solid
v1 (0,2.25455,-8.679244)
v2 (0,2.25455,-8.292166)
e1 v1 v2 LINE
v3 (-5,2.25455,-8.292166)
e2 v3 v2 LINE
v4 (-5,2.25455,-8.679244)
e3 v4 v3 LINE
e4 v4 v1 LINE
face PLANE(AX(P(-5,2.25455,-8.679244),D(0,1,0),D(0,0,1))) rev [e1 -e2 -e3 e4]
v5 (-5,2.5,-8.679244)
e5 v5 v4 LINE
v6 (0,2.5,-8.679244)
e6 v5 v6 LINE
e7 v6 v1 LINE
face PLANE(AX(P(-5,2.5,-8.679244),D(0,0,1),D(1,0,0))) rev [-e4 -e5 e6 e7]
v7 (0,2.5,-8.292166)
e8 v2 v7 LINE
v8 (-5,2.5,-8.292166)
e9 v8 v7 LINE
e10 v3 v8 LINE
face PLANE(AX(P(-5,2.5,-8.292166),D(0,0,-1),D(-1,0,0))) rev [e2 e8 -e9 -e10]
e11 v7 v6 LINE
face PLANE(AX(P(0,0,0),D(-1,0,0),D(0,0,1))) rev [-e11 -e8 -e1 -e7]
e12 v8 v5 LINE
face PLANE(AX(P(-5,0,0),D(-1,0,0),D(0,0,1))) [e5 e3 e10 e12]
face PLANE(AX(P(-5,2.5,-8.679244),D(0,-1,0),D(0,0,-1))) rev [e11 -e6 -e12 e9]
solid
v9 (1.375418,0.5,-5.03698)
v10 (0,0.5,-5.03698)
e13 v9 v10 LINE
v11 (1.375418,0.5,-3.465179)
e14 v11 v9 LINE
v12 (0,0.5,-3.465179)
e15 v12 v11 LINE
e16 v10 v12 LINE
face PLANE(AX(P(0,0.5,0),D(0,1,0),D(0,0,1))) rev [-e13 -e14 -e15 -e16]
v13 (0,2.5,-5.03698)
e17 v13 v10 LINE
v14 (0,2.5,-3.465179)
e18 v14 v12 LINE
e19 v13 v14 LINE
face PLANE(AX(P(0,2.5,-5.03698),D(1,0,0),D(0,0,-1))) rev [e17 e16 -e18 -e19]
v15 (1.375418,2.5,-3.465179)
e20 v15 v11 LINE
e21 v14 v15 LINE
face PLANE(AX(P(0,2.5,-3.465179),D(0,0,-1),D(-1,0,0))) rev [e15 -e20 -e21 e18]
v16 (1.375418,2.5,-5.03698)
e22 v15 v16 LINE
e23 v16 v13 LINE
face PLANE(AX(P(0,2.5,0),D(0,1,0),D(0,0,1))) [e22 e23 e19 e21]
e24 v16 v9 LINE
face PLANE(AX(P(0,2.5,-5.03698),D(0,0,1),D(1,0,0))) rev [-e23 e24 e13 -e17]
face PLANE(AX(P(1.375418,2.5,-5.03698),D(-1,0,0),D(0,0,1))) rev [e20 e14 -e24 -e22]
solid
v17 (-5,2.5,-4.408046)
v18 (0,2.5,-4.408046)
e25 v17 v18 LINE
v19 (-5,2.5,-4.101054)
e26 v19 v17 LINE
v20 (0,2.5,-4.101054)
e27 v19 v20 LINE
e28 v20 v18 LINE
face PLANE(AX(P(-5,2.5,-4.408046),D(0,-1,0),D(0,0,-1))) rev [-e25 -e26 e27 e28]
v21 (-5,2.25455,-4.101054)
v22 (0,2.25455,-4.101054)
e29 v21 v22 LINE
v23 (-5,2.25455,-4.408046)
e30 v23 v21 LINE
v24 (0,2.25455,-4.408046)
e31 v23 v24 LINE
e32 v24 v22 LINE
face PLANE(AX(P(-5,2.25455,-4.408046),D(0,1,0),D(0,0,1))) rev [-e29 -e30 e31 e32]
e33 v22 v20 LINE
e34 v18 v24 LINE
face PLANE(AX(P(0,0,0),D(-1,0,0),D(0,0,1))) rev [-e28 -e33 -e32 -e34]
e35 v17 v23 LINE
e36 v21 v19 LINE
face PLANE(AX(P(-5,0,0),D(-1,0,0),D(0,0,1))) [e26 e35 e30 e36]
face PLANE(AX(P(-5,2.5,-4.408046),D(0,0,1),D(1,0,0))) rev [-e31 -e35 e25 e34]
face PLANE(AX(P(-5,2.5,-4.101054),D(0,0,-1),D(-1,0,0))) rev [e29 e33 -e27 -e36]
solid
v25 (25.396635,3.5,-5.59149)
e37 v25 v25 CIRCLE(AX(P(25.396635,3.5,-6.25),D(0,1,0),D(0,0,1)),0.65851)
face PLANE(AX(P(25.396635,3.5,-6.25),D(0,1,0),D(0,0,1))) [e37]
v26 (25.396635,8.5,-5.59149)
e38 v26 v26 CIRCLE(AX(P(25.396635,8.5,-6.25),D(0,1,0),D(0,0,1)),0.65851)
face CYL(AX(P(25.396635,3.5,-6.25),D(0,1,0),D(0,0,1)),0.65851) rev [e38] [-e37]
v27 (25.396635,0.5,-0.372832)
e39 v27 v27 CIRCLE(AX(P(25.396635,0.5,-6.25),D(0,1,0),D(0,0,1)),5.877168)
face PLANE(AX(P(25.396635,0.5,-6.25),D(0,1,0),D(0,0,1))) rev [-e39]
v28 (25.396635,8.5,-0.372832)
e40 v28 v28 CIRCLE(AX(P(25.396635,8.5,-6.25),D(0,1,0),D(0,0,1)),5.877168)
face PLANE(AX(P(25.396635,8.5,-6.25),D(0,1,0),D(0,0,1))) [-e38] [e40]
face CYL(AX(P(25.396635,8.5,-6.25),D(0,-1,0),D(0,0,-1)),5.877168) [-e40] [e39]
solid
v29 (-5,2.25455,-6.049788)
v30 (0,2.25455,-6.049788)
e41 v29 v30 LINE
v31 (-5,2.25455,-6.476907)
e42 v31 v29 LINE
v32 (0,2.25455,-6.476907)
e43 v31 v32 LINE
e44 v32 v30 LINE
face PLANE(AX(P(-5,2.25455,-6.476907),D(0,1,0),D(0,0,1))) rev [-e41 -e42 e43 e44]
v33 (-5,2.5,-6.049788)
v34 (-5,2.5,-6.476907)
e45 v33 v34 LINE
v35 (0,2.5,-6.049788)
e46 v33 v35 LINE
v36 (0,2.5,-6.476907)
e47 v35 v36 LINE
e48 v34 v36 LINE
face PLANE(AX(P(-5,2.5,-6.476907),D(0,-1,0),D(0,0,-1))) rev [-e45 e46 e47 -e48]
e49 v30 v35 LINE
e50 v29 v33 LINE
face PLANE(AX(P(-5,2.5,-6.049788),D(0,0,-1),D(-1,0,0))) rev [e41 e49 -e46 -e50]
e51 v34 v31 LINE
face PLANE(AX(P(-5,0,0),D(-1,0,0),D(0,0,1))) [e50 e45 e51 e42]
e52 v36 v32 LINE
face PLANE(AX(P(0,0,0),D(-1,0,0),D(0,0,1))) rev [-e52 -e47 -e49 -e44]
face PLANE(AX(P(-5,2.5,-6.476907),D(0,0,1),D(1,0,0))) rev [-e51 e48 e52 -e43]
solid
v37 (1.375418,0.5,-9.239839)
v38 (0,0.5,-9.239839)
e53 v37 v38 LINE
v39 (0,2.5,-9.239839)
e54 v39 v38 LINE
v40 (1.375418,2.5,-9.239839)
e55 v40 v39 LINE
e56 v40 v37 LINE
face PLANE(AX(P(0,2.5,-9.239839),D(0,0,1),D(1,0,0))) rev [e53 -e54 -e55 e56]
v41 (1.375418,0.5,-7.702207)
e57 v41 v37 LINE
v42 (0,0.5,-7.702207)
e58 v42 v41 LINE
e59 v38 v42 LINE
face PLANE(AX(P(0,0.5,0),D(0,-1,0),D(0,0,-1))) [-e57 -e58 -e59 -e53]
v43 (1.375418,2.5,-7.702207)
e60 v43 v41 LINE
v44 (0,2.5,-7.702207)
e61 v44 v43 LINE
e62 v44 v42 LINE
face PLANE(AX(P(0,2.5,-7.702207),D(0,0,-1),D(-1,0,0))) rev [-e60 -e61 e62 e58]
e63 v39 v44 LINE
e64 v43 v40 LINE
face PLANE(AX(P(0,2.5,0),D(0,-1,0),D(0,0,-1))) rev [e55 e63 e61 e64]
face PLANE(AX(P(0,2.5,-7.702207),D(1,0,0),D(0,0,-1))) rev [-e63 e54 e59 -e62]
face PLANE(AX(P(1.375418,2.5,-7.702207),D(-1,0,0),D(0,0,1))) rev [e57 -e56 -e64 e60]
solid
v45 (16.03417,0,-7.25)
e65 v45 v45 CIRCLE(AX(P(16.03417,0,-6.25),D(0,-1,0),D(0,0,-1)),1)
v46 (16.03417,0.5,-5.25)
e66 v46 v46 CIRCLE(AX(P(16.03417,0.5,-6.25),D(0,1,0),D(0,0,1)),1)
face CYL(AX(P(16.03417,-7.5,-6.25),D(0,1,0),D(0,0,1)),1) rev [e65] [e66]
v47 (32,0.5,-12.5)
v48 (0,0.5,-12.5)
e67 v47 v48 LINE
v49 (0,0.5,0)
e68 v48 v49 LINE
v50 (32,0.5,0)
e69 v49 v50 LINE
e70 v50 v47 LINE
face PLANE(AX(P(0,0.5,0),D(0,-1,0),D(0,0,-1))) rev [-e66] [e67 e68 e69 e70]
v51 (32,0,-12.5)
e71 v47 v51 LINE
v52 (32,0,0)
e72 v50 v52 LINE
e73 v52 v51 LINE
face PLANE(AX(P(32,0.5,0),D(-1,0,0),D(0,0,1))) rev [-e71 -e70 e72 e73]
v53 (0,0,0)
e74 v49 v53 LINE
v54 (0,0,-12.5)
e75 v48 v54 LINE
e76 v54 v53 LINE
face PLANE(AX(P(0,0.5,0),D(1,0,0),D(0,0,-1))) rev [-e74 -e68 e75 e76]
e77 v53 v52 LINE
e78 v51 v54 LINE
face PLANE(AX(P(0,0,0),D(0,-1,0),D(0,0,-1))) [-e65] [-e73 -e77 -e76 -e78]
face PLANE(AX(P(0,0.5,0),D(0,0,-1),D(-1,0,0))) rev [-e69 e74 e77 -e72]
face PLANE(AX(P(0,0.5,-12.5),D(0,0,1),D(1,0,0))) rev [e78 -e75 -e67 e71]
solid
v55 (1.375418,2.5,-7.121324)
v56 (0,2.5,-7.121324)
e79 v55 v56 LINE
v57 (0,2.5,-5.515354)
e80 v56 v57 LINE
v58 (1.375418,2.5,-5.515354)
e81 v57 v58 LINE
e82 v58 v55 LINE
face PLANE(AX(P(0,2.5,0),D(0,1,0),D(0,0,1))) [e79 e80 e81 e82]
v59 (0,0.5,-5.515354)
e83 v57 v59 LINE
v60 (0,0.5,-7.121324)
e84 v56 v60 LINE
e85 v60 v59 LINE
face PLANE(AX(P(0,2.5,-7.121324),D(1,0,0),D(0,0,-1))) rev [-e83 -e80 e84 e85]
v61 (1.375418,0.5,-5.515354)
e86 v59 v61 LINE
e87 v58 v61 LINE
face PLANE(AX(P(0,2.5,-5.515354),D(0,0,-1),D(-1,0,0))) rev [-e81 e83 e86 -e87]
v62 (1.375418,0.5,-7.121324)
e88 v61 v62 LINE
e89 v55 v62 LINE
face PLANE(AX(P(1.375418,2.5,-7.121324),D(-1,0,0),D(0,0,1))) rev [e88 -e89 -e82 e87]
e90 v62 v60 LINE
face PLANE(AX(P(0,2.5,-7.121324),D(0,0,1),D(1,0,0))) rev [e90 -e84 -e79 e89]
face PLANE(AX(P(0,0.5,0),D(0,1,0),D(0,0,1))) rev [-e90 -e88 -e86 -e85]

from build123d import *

# Parameters (mm, degrees)
SKETCH1_W             = 32
SKETCH1_H             = 12.5
BOSS_EXTRUDE1_DEPTH   = 0.5
SKETCH2_R             = 5.877168317
BOSS_EXTRUDE3_DEPTH   = 8
SKETCH4_R             = 1
CUT_EXTRUDE1_DEPTH    = 8
SKETCH5_W             = 1.375418373
SKETCH5_H             = 1.605970413
BOSS_EXTRUDE4_DEPTH   = 2
SKETCH5_H_2           = 1.537631246
BOSS_EXTRUDE4_2_DEPTH = 2
SKETCH5_H_3           = 1.571800829
BOSS_EXTRUDE4_3_DEPTH = 2
SKETCH6_W             = 0.387077311
SKETCH6_H             = 0.245450271
BOSS_EXTRUDE5_DEPTH   = 5
SKETCH6_W_2           = 0.427119791
BOSS_EXTRUDE5_2_DEPTH = 5
SKETCH6_W_3           = 0.306992349
BOSS_EXTRUDE5_3_DEPTH = 5
SKETCH7_R             = 0.658510197
CUT_EXTRUDE2_DEPTH    = 5


with BuildPart() as part:
    # Sketch1 → Boss-Extrude1 (new body)
    with BuildSketch(Plane(origin=(0, 0, 0), x_dir=(1, 0, 0), z_dir=(0, 1, 0))):
        with Locations((16, 6.25)):
            Rectangle(SKETCH1_W, SKETCH1_H)
    extrude(amount=BOSS_EXTRUDE1_DEPTH)

    # Sketch4 → Cut-Extrude1 (cut)
    with BuildSketch(Plane(origin=(0, 0.5, 0), x_dir=(1, 0, 0), z_dir=(0, 1, 0))):
        with Locations(Location((16.034169583, 6.25, 0), (0, 0, 270))):
            Circle(SKETCH4_R)
    extrude(amount=-CUT_EXTRUDE1_DEPTH, mode=Mode.SUBTRACT)


with BuildPart() as body_2:
    # Sketch2 → Boss-Extrude3 (new body)
    with BuildSketch(Plane(origin=(0, 0.5, 0), x_dir=(1, 0, 0), z_dir=(0, 1, 0))):
        with Locations(Location((25.396635391, 6.25, 0), (0, 0, 270))):
            Circle(SKETCH2_R)
    extrude(amount=BOSS_EXTRUDE3_DEPTH)

    # Sketch7 → Cut-Extrude2 (cut)
    with BuildSketch(Plane(origin=(0, 8.5, 0), x_dir=(1, 0, 0), z_dir=(0, 1, 0))):
        with Locations(Location((25.396635391, 6.25, 0), (0, 0, 270))):
            Circle(SKETCH7_R)
    extrude(amount=-CUT_EXTRUDE2_DEPTH, mode=Mode.SUBTRACT)


with BuildPart() as body_3:
    # Sketch5 → Boss-Extrude4 (new body)
    with BuildSketch(Plane(origin=(0, 0.5, 0), x_dir=(1, 0, 0), z_dir=(0, 1, 0))):
        with Locations((0.687709187, 6.318339167)):
            Rectangle(SKETCH5_W, SKETCH5_H)
    extrude(amount=BOSS_EXTRUDE4_DEPTH)


with BuildPart() as body_4:
    # Sketch5 → Boss-Extrude4 2 (new body)
    with BuildSketch(Plane(origin=(0, 0.5, 0), x_dir=(1, 0, 0), z_dir=(0, 1, 0))):
        with Locations((0.687709187, 8.471022911)):
            Rectangle(SKETCH5_W, SKETCH5_H_2)
    extrude(amount=BOSS_EXTRUDE4_2_DEPTH)


with BuildPart() as body_5:
    # Sketch5 → Boss-Extrude4 3 (new body)
    with BuildSketch(Plane(origin=(0, 0.5, 0), x_dir=(1, 0, 0), z_dir=(0, 1, 0))):
        with Locations((0.687709187, 4.251079381)):
            Rectangle(SKETCH5_W, SKETCH5_H_3)
    extrude(amount=BOSS_EXTRUDE4_3_DEPTH)


with BuildPart() as body_6:
    # Sketch6 → Boss-Extrude5 (new body)
    with BuildSketch(Plane.ZY):
        with Locations((-8.485705153, 2.377274865)):
            Rectangle(SKETCH6_W, SKETCH6_H)
    extrude(amount=BOSS_EXTRUDE5_DEPTH)


with BuildPart() as body_7:
    # Sketch6 → Boss-Extrude5 2 (new body)
    with BuildSketch(Plane.ZY):
        with Locations((-6.263347493, 2.377274865)):
            Rectangle(SKETCH6_W_2, SKETCH6_H)
    extrude(amount=BOSS_EXTRUDE5_2_DEPTH)


with BuildPart() as body_8:
    # Sketch6 → Boss-Extrude5 3 (new body)
    with BuildSketch(Plane.ZY):
        with Locations((-4.254549729, 2.377274865)):
            Rectangle(SKETCH6_W_3, SKETCH6_H)
    extrude(amount=BOSS_EXTRUDE5_3_DEPTH)


solid = Compound([part.part, body_2.part, body_3.part, body_4.part, body_5.part, body_6.part, body_7.part, body_8.part])
